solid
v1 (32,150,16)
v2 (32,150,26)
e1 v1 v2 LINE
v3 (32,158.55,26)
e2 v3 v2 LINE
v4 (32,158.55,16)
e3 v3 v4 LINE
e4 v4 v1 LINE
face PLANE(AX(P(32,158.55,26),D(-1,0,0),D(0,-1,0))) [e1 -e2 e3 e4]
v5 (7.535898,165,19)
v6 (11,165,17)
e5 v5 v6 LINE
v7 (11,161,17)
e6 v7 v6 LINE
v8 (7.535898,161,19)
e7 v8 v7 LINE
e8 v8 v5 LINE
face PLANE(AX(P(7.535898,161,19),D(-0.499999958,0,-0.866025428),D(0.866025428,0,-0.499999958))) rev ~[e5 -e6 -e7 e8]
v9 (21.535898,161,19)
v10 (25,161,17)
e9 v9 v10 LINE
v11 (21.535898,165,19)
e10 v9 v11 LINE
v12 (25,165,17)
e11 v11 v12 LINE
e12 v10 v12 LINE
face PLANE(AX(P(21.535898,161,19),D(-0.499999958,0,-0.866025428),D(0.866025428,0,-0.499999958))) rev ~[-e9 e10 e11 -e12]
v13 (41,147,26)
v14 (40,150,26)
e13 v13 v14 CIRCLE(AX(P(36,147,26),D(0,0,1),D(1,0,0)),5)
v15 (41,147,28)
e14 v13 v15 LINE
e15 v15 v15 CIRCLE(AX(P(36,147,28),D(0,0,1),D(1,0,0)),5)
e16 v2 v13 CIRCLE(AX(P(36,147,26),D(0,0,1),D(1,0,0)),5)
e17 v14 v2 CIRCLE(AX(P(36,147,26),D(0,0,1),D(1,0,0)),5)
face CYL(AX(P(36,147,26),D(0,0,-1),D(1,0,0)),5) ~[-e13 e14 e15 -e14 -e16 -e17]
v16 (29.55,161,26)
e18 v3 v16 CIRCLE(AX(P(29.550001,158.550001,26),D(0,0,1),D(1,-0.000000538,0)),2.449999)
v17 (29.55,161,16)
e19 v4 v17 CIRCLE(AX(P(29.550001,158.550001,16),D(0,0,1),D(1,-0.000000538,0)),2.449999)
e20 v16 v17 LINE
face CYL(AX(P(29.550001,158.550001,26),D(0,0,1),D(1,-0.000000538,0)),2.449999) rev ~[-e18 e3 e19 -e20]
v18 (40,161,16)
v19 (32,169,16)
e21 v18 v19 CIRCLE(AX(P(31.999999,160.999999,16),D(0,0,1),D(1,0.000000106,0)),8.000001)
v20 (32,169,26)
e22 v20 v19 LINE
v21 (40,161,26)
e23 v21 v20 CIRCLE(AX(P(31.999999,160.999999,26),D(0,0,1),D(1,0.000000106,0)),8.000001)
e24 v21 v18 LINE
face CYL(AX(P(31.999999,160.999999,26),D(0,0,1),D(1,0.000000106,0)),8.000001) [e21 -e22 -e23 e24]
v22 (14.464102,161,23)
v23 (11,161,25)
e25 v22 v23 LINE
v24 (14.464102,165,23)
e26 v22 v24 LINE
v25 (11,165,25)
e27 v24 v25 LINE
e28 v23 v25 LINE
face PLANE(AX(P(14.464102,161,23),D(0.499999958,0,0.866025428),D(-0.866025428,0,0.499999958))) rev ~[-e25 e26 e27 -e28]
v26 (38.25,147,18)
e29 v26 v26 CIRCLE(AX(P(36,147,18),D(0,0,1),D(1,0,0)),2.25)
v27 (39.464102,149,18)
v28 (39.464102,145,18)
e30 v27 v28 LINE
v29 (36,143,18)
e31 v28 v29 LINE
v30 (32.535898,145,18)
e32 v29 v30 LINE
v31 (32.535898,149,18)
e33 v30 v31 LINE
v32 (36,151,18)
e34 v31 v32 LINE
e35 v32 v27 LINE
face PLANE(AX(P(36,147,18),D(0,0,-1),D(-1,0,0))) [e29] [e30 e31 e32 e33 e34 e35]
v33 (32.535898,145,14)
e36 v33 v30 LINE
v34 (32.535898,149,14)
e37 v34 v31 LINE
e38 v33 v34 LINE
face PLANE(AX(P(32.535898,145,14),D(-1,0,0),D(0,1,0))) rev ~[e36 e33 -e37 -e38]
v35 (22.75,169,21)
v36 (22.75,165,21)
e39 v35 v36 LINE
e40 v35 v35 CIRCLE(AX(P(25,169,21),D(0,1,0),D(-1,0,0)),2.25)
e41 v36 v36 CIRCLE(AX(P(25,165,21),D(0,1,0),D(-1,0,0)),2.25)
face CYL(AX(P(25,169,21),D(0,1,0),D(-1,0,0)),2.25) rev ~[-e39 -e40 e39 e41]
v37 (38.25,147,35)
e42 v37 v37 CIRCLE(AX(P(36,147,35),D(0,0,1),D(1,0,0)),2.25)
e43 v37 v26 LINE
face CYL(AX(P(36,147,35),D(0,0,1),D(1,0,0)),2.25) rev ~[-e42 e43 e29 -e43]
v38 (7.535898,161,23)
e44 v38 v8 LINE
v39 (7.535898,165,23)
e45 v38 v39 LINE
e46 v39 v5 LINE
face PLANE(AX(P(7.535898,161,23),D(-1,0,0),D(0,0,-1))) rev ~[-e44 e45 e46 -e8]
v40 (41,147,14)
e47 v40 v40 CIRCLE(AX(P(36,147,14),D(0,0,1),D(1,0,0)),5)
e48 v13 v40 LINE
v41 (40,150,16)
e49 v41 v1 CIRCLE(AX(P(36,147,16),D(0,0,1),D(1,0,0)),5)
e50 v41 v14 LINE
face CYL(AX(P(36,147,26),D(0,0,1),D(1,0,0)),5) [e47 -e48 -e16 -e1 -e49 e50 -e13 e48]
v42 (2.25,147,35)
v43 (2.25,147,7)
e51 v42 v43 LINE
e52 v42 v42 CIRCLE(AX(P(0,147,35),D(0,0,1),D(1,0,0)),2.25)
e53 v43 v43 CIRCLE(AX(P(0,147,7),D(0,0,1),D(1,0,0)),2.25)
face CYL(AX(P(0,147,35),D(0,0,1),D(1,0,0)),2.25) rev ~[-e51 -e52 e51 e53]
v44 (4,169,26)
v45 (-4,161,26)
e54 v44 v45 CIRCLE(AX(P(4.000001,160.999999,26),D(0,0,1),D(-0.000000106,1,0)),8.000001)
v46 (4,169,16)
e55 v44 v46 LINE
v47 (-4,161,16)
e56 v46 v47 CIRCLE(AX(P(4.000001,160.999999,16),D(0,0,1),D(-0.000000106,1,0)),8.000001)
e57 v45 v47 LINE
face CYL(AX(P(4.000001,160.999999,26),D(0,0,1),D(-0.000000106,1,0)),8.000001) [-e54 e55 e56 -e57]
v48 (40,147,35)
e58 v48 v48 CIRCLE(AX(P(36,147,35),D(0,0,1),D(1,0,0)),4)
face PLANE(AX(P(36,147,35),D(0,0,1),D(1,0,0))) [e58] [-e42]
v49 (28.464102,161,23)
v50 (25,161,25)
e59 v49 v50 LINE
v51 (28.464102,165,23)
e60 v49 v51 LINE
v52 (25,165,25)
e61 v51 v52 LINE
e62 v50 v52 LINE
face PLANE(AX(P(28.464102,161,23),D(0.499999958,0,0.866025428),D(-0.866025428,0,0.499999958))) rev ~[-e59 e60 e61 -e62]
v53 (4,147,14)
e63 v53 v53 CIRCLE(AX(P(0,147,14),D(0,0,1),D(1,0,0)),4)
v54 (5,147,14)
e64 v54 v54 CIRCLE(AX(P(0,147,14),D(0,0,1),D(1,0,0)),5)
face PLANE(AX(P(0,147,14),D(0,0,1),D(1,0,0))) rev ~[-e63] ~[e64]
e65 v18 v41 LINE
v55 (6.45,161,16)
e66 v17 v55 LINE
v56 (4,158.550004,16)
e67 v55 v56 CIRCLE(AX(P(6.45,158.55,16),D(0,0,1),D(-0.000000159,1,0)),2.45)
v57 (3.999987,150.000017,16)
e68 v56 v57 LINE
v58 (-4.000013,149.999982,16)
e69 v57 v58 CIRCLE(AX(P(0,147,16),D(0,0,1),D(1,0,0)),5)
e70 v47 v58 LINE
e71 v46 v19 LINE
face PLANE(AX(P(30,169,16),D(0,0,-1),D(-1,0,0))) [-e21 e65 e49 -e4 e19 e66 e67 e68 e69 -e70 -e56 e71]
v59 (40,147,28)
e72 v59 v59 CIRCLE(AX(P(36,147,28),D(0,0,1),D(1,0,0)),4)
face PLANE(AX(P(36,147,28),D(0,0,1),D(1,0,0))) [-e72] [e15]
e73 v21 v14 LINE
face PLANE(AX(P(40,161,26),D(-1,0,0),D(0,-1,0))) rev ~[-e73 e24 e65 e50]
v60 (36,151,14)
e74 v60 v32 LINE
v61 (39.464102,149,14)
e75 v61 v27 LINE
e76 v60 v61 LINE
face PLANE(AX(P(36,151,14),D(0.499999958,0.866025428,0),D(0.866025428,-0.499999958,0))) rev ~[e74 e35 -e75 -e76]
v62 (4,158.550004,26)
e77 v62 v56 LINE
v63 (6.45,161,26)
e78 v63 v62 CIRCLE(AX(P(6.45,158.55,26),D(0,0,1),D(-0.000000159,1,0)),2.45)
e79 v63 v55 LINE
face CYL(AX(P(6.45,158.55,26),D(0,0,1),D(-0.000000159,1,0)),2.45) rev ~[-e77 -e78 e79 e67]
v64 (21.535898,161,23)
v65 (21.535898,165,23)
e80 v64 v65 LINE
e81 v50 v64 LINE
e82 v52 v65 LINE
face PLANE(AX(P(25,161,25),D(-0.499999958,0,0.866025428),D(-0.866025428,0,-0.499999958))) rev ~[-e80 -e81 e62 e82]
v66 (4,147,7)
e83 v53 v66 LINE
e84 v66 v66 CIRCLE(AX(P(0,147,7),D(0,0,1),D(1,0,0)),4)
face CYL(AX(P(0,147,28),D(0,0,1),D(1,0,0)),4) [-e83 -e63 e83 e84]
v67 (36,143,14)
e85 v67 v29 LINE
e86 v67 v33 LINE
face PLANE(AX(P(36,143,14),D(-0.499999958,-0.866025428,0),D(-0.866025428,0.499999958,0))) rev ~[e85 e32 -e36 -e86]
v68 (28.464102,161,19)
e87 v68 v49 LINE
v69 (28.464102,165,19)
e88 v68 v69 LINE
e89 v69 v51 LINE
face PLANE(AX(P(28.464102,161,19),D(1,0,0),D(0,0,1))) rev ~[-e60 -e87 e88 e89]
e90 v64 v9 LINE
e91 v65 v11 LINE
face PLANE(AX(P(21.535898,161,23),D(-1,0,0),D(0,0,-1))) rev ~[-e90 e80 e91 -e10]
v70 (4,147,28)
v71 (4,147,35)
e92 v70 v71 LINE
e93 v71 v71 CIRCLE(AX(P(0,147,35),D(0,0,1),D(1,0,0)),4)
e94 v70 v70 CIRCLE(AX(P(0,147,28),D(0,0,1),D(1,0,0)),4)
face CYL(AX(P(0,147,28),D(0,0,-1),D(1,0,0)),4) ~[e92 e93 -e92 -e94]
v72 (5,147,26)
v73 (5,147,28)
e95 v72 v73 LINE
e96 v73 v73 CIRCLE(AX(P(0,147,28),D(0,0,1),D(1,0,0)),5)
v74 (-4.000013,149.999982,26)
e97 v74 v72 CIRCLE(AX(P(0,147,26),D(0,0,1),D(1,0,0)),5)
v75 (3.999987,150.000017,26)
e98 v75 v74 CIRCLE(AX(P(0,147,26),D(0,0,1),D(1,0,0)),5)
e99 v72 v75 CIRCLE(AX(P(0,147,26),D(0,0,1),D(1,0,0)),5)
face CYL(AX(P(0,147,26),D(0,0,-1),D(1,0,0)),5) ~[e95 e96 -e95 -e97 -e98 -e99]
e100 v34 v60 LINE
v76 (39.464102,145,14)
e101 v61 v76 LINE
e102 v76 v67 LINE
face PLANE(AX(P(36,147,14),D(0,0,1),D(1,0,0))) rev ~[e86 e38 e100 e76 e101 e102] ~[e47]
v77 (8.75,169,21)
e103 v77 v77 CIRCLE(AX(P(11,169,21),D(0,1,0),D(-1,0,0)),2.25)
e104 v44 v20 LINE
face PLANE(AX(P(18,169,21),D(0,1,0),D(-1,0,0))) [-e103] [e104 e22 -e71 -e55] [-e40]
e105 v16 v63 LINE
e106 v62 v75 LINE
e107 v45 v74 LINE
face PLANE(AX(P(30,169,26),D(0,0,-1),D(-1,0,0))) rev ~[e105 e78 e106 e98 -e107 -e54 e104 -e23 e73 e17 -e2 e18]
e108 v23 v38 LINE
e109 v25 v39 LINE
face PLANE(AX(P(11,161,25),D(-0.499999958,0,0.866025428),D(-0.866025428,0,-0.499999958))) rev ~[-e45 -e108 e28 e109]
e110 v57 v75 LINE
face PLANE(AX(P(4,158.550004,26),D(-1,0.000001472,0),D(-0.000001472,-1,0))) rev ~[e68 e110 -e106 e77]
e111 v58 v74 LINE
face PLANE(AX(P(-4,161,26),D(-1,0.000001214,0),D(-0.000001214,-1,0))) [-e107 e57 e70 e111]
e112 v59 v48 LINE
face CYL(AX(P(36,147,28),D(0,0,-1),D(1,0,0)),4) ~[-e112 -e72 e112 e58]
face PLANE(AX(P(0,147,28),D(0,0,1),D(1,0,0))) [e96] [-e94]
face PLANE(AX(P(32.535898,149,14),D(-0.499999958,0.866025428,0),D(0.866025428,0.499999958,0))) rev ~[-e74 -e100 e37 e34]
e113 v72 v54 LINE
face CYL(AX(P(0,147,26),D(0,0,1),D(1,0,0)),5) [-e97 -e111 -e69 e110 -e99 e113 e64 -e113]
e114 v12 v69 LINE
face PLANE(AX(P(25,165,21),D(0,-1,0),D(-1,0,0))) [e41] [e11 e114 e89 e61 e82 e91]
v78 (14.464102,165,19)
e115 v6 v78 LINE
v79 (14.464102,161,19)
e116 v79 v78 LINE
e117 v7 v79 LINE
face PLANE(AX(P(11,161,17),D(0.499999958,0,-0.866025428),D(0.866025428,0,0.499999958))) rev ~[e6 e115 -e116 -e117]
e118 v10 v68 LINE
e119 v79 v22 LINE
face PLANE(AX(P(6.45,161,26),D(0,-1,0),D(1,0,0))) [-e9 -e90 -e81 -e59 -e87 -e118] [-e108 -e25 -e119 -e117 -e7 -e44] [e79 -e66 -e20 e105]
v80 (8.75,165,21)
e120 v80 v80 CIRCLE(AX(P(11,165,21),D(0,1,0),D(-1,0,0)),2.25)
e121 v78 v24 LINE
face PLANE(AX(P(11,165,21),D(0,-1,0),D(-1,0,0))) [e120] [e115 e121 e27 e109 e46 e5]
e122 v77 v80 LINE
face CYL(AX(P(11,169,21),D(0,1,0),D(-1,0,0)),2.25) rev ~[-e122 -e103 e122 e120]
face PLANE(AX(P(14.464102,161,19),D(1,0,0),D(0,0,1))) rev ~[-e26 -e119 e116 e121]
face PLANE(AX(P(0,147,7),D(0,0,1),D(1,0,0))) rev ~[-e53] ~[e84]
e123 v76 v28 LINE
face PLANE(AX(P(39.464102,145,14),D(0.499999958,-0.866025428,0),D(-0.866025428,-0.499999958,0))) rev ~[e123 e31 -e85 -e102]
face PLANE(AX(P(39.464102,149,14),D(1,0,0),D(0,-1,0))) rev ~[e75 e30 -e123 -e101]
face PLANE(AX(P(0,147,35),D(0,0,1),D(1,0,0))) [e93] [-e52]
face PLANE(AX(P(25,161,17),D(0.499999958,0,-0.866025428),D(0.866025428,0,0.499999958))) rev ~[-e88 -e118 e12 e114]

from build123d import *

# Parameters (mm, degrees)
SKETCH024_W             = 24
SKETCH024_H             = 10
SKETCH024_R             = 2.25
PAD008_DEPTH            = 8
PAD009_DEPTH            = 10
POCKET_DEPTH            = 4
SKETCH027_R             = 5
PAD010_DEPTH            = 2
PAD010_DEPTH_BACK       = 12
SKETCH028_R             = 4
PAD011_DEPTH            = 7
PAD011_DEPTH_BACK       = 21
SKETCH029_R             = 4
PAD012_DEPTH            = 7
POCKET001_DEPTH         = 4
SKETCH031_R             = 2.25
HOLE001_DEPTH           = 50
BODY003_PLACEMENT_ANGLE = 180


with BuildPart() as part:
    # Sketch024 → Pad008 (new body)
    with BuildSketch(Plane.XZ):
        with Locations((0, 44)):
            Rectangle(SKETCH024_W, SKETCH024_H)
        with Locations((-7, 44)):
            Circle(SKETCH024_R, mode=Mode.SUBTRACT)
        with Locations((7, 44)):
            Circle(SKETCH024_R, mode=Mode.SUBTRACT)
    extrude(amount=-PAD008_DEPTH)

    # Sketch025 (on Face1 of Pad008) → Pad009 (join)
    with BuildSketch(Plane(origin=(0, 0, 49), x_dir=(-1, 0, 0), z_dir=(0, 0, 1))):
        with BuildLine():
            Line((-10, 0), (-10, -8))
            Line((-11.55, -8), (-10, -8))
            ThreePointArc((-11.55, -8), (-13.28241, -8.717587), (-14, -10.449996))
            Line((-14, -10.449996), (-14.000017, -22))
            Line((-22.000017, -22), (-14.000017, -22))
            Line((-22, -8), (-22.000017, -22))
            ThreePointArc((-14, 0), (-19.656854, -2.343146), (-22, -8))
            Line((-10, 0), (-14, 0))
        make_face()
        with BuildLine():
            Line((10, -8), (10, 0))
            Line((10, 0), (14, 0))
            ThreePointArc((22, -8), (19.656854, -2.343146), (14, 0))
            Line((22, -8), (22, -22))
            Line((14, -22), (22, -22))
            Line((14, -10.45), (14, -22))
            ThreePointArc((14, -10.45), (13.282412, -8.717588), (11.55, -8))
            Line((10, -8), (11.55, -8))
        make_face()
    extrude(amount=-PAD009_DEPTH)

    # Sketch026 (on Face10 of Pad009) → Pocket (cut)
    with BuildSketch(Plane(origin=(0, 8, 0), x_dir=(1, 0, 0), z_dir=(0, 1, 0))):
        Polygon((-3.535898, -46), (-3.535898, -42), (-7, -40), (-10.464102, -42), (-10.464102, -46), (-7, -48), align=None)
        Polygon((10.464102, -46), (10.464102, -42), (7, -40), (3.535898, -42), (3.535898, -46), (7, -48), align=None)
    extrude(amount=-POCKET_DEPTH, mode=Mode.SUBTRACT)

    # Sketch027 (on Face3 of Pocket) → Pad010 (join, two sides)
    with BuildSketch(Plane(origin=(0, 0, 49), x_dir=(-1, 0, 0), z_dir=(0, 0, 1))) as pad010_sk:
        with Locations((-18, -22)):
            Circle(SKETCH027_R)
        with Locations((18, -22)):
            Circle(SKETCH027_R)
    extrude(amount=PAD010_DEPTH)
    extrude(pad010_sk.sketch, amount=-PAD010_DEPTH_BACK)

    # Sketch028 (on Face36 of Pad010) → Pad011 (join, two sides)
    with BuildSketch(Plane(origin=(0, 0, 51), x_dir=(-1, 0, 0), z_dir=(0, 0, 1))) as pad011_sk:
        with Locations((-18, -22)):
            Circle(SKETCH028_R)
    extrude(amount=PAD011_DEPTH)
    extrude(pad011_sk.sketch, amount=-PAD011_DEPTH_BACK)

    # Sketch029 (on Face50 of Pad011) → Pad012 (join)
    with BuildSketch(Plane(origin=(0, 0, 51), x_dir=(-1, 0, 0), z_dir=(0, 0, 1))):
        with Locations((18, -22)):
            Circle(SKETCH029_R)
    extrude(amount=PAD012_DEPTH)

    # Sketch030 (on Face49 of Pad012) → Pocket001 (cut)
    with BuildSketch(Plane(origin=(0, 0, 37), x_dir=(1, 0, 0), z_dir=(0, 0, -1))):
        Polygon((-14.535898, -24), (-14.535898, -20), (-18, -18), (-21.464102, -20), (-21.464102, -24), (-18, -26), align=None)
    extrude(amount=-POCKET001_DEPTH, mode=Mode.SUBTRACT)

    # Sketch031 (on Face61 of Pocket001) → Hole001 (cut)
    with BuildSketch(Plane(origin=(0, 0, 58), x_dir=(-1, 0, 0), z_dir=(0, 0, 1))):
        with Locations((18, -22)):
            Circle(SKETCH031_R)
        with Locations((-18, -22)):
            Circle(SKETCH031_R)
    extrude(amount=-HOLE001_DEPTH, mode=Mode.SUBTRACT)


with BuildPart() as part_1:
    # Body003 placement: moved
    add(part.part.moved(Location((18, 169, -23))).rotate(Axis((18, 169, -23), (0, 0, 1)), BODY003_PLACEMENT_ANGLE))


solid = part_1.part
